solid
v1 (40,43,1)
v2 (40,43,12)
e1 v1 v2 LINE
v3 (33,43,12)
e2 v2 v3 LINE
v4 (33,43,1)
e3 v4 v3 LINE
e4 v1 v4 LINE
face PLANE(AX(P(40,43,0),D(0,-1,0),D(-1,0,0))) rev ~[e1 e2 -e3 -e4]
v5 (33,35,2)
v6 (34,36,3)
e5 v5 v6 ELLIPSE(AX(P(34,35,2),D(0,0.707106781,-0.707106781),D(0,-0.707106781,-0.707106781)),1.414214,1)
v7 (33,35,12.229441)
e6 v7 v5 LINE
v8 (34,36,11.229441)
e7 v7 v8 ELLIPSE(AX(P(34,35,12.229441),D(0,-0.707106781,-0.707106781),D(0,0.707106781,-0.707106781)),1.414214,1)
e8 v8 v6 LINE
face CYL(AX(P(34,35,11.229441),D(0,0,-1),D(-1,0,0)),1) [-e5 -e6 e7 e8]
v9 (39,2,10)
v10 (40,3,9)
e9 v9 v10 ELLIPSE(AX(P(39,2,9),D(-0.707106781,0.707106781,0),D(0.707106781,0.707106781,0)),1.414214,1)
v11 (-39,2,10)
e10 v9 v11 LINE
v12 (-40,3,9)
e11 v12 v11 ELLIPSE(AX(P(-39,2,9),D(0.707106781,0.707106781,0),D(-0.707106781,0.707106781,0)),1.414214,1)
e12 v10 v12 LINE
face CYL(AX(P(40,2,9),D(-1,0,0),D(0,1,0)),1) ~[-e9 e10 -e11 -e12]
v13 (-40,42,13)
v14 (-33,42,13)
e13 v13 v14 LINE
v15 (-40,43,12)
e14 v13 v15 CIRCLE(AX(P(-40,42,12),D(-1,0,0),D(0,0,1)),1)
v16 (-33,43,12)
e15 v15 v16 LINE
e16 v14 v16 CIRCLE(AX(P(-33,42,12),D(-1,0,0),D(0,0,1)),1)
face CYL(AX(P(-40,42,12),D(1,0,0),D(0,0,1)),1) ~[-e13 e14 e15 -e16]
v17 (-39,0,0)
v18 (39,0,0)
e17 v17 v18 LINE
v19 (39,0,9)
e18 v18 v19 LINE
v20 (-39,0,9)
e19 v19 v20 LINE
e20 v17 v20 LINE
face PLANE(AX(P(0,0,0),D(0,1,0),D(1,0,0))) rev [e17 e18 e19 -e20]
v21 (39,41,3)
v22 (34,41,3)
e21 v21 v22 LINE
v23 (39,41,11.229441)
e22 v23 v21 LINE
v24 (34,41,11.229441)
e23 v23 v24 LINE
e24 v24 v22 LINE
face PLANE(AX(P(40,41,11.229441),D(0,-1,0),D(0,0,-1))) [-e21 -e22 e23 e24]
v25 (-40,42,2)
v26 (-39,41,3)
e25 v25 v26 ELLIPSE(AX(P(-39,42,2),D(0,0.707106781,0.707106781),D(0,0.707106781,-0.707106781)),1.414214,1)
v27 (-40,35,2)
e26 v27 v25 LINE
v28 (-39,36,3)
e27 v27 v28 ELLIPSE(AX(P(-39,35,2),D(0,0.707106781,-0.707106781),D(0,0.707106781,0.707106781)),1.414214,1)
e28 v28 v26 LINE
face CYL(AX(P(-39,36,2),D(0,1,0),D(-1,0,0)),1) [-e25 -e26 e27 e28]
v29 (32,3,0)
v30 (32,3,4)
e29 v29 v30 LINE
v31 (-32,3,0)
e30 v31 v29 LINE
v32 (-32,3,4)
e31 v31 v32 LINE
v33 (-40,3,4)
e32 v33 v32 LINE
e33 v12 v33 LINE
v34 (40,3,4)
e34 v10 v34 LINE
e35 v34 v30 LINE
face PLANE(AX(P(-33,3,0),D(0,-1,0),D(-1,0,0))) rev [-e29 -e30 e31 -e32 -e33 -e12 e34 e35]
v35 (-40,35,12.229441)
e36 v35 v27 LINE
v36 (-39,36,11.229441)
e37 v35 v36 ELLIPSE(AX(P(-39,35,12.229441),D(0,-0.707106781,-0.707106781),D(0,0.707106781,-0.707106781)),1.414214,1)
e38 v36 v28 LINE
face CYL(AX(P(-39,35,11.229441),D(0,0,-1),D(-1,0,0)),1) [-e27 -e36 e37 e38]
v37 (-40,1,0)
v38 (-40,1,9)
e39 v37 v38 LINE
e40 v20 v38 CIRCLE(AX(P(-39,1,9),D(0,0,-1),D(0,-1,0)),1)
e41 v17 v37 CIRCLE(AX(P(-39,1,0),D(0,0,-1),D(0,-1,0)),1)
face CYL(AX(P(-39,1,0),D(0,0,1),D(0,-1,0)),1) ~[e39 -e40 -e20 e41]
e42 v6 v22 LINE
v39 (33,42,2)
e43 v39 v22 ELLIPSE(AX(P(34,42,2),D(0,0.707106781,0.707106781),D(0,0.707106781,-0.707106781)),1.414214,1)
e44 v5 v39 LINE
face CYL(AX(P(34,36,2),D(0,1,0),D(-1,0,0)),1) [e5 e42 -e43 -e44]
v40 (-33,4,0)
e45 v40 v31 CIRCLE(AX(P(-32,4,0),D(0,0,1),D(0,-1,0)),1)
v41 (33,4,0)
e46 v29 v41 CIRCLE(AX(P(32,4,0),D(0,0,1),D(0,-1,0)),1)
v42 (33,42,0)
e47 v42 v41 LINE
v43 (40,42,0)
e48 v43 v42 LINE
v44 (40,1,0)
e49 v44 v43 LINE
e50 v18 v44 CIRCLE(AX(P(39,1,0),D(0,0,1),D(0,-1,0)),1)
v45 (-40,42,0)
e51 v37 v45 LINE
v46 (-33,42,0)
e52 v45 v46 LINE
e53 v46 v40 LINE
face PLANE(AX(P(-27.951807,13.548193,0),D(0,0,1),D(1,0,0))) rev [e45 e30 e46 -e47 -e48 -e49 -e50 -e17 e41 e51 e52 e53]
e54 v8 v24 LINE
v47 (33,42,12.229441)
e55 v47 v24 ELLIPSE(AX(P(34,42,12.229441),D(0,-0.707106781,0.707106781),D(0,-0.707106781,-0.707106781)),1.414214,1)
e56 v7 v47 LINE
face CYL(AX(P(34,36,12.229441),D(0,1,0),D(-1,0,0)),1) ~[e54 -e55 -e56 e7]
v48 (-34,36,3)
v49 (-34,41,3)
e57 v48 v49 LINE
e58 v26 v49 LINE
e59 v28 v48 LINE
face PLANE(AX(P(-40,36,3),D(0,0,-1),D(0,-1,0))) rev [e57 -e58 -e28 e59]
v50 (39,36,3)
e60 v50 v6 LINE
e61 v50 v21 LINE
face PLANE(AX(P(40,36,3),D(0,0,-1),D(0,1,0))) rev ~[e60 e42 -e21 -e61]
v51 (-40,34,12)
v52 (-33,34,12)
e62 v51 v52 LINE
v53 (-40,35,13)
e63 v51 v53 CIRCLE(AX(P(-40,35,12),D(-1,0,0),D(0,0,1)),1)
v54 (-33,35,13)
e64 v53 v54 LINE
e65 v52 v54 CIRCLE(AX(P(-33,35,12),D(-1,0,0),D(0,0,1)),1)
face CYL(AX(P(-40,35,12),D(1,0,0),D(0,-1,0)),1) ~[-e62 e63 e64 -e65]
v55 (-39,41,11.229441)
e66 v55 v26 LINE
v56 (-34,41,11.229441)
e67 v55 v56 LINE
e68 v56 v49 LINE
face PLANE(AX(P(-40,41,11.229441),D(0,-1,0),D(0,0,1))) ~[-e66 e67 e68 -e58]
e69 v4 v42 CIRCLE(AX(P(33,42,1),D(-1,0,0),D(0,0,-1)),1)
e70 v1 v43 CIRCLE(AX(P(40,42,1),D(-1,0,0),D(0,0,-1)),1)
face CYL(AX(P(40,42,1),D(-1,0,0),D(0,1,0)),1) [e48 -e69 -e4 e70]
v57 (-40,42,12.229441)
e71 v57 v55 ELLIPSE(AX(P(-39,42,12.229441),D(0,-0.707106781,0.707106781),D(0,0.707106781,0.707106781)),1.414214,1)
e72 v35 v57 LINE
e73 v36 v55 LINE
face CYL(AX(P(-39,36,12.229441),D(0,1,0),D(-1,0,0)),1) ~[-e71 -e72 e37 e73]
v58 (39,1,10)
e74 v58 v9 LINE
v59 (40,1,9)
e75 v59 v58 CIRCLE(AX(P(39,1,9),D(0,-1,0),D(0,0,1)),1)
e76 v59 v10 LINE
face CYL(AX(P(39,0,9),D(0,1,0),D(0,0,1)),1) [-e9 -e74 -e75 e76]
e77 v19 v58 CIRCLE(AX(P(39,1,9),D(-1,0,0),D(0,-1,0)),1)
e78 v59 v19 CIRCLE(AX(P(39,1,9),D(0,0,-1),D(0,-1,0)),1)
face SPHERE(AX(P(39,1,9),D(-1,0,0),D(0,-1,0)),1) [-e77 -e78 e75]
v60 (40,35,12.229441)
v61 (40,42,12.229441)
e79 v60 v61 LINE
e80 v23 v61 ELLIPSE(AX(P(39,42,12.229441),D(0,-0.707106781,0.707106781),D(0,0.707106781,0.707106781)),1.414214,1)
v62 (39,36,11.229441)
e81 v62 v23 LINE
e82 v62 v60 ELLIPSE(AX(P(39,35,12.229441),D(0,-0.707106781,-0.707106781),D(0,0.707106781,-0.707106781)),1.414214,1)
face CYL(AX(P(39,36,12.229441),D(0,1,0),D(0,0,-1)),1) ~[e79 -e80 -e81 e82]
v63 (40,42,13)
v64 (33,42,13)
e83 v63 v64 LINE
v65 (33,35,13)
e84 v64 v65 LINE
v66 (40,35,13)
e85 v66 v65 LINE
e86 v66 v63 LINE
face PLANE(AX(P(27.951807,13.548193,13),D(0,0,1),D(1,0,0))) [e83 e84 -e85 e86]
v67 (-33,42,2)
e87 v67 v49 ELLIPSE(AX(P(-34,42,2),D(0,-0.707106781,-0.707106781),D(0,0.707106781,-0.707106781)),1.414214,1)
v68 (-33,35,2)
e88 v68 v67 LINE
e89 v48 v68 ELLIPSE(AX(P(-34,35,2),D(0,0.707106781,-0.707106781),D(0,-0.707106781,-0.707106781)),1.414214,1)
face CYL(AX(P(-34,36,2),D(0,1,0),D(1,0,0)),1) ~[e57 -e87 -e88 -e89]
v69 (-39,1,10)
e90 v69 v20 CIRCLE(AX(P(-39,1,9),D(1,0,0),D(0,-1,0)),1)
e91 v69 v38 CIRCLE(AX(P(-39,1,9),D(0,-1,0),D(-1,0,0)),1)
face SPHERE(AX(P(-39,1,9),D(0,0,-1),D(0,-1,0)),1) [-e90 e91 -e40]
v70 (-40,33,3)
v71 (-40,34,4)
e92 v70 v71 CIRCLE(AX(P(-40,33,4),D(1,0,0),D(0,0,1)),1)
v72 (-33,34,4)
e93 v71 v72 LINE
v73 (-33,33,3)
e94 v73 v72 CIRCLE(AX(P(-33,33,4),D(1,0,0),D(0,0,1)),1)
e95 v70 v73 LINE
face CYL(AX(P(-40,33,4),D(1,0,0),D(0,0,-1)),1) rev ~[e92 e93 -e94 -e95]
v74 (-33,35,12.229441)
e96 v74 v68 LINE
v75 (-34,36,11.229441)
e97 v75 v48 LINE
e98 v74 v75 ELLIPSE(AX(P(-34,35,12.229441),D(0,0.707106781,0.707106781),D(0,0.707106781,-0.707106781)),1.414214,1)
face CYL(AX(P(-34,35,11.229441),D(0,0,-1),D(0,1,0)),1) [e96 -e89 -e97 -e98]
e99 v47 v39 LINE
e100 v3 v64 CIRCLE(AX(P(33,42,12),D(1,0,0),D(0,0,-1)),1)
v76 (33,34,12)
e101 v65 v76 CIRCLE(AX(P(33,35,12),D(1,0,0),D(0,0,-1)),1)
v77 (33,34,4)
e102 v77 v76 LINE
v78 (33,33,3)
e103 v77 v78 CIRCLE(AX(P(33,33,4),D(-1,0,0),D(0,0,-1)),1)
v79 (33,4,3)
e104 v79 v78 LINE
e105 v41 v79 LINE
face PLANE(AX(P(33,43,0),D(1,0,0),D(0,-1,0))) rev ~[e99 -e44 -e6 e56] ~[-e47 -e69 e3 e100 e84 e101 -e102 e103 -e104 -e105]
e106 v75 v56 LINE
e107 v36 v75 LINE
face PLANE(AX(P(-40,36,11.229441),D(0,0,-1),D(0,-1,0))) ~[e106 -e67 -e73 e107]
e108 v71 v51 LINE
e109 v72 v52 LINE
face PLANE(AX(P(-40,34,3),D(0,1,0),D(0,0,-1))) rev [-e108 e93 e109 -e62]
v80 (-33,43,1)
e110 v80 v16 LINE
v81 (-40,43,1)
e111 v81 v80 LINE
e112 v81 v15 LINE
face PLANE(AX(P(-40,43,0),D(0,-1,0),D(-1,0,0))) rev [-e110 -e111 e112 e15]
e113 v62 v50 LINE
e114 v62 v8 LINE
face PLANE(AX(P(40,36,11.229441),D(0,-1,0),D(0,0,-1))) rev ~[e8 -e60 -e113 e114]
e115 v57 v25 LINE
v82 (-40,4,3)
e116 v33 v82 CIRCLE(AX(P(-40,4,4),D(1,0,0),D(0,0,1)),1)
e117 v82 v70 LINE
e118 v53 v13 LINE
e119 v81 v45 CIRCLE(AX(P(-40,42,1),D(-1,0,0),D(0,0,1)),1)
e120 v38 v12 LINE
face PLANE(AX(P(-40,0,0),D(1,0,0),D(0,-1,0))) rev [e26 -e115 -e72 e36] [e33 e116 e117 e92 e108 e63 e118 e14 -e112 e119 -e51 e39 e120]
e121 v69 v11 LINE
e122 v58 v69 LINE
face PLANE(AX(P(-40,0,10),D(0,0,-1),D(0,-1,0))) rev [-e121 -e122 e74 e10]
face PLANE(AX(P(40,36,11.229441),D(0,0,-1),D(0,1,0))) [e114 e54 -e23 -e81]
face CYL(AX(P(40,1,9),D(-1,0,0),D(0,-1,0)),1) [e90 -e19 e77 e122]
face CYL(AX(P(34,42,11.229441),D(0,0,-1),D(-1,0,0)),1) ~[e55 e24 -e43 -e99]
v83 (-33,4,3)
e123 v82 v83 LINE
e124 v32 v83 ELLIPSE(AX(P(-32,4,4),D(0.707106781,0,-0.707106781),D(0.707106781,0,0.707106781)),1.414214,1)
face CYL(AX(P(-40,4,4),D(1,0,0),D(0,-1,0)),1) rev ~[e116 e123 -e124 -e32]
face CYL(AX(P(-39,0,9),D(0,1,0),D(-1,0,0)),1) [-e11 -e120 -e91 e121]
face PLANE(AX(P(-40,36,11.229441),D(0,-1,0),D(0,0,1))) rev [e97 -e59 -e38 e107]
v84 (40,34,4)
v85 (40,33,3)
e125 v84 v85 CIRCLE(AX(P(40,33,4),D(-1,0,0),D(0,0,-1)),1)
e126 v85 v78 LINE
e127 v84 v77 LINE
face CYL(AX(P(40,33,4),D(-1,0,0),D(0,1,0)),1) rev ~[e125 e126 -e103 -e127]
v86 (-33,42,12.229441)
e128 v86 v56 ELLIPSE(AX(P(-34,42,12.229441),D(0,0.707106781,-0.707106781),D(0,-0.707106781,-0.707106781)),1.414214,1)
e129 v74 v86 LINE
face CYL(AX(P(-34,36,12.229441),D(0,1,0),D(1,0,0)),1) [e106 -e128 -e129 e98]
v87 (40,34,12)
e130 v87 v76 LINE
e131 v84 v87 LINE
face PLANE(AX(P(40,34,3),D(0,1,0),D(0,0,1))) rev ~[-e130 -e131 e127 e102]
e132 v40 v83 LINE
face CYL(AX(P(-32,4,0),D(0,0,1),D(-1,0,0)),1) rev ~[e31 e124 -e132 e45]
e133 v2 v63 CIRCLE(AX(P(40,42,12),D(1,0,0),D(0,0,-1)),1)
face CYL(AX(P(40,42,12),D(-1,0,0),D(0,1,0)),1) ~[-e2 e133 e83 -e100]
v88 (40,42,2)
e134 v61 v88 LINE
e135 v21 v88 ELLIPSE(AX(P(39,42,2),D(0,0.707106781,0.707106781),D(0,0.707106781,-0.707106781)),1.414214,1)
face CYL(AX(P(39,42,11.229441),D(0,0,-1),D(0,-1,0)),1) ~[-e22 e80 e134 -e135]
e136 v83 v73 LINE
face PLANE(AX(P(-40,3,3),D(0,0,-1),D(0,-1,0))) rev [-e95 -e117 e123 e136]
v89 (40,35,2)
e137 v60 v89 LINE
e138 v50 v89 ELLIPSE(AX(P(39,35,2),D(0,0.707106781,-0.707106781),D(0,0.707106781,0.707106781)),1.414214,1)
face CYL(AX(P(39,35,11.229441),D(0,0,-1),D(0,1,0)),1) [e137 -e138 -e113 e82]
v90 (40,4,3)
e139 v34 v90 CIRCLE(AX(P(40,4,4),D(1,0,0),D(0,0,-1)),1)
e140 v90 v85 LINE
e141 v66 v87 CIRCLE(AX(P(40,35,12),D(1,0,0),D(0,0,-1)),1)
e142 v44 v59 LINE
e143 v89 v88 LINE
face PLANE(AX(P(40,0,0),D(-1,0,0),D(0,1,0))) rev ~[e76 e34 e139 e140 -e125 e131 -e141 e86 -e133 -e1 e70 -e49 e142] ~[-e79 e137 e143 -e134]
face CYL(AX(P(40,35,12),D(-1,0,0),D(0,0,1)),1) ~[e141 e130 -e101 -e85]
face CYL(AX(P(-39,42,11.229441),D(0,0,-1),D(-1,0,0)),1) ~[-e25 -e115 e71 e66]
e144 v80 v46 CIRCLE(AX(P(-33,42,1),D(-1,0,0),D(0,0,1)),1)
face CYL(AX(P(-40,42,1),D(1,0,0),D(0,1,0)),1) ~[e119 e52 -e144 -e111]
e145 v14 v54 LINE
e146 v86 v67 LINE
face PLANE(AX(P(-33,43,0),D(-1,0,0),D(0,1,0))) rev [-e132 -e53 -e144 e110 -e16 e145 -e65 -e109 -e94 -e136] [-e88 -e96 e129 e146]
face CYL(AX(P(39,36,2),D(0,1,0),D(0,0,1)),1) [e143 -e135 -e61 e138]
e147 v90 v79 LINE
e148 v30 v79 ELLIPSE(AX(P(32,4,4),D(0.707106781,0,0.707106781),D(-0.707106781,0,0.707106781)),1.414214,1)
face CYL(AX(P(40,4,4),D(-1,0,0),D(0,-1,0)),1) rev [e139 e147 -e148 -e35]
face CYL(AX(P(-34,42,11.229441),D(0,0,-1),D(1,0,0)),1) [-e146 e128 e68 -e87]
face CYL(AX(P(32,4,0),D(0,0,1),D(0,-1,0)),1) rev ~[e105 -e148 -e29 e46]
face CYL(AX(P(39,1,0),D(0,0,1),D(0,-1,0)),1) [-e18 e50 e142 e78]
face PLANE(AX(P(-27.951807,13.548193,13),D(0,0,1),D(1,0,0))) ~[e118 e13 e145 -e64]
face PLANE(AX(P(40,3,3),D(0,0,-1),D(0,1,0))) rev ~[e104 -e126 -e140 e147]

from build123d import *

# Parameters (mm, degrees)
BOSS_EXTRUDE1_DEPTH = 13
SKETCH2_W           = 8.229441325
SKETCH2_H           = 5
CUT_EXTRUDE1_DEPTH  = 100
FILLET1_R           = 1


with BuildPart() as part:
    # Sketch1 → Boss-Extrude1 (new body)
    with BuildSketch(Plane.XY):
        Polygon((0, 0), (40, 0), (40, 43), (33, 43), (33, 3), (0, 3), align=None)
    extrude(amount=BOSS_EXTRUDE1_DEPTH)

    # Sketch2 → Cut-Extrude1 (cut)
    with BuildSketch(Plane(origin=(40, 0, 0), x_dir=(0, 0, -1), z_dir=(1, 0, 0))):
        Polygon((-3, 34), (-13, 34), (-13, 0), (-10, 0), (-10, 3), (-3, 3), align=None)
        with Locations((-7.114720663, 38.5)):
            Rectangle(SKETCH2_W, SKETCH2_H)
    extrude(amount=-CUT_EXTRUDE1_DEPTH, mode=Mode.SUBTRACT)

    # Mirror2: part across plane


with BuildPart() as part_1:
    add(part.part)
    add(part.part.mirror(Plane(origin=(0, 0, 13), x_dir=(0, 0, 1), z_dir=(1, 0, 0))))

    # Fillet1
    fillet1_edges = [part_1.edges().sort_by_distance(p)[0] for p in [
        (-40, 0, 5),
        (0, 0, 10),
        (40, 0, 5),
        (40, 1.5, 10),
        (40, 38.5, 3),
        (40, 36, 7.114720663),
        (40, 38.5, 11.229441325),
        (40, 41, 7.114720663),
        (33, 41, 7.114720663),
        (33, 3, 1.5),
        (33, 38.5, 11.229441325),
        (33, 36, 7.114720663),
        (33, 38.5, 3),
        (36.5, 3, 3),
        (0, 3, 10),
        (-36.5, 3, 3),
        (-33, 3, 1.5),
        (-33, 41, 7.114720663),
        (-33, 38.5, 11.229441325),
        (-33, 36, 7.114720663),
        (-33, 38.5, 3),
        (-40, 38.5, 3),
        (-40, 36, 7.114720663),
        (-40, 38.5, 11.229441325),
        (-40, 41, 7.114720663),
        (-36.5, 43, 0),
        (-36.5, 43, 13),
        (-36.5, 34, 13),
        (-36.5, 34, 3),
        (36.5, 34, 3),
        (36.5, 34, 13),
        (36.5, 43, 13),
        (36.5, 43, 0),
        (-40, 1.5, 10),
    ]]
    fillet(fillet1_edges, radius=FILLET1_R)


solid = part_1.part
